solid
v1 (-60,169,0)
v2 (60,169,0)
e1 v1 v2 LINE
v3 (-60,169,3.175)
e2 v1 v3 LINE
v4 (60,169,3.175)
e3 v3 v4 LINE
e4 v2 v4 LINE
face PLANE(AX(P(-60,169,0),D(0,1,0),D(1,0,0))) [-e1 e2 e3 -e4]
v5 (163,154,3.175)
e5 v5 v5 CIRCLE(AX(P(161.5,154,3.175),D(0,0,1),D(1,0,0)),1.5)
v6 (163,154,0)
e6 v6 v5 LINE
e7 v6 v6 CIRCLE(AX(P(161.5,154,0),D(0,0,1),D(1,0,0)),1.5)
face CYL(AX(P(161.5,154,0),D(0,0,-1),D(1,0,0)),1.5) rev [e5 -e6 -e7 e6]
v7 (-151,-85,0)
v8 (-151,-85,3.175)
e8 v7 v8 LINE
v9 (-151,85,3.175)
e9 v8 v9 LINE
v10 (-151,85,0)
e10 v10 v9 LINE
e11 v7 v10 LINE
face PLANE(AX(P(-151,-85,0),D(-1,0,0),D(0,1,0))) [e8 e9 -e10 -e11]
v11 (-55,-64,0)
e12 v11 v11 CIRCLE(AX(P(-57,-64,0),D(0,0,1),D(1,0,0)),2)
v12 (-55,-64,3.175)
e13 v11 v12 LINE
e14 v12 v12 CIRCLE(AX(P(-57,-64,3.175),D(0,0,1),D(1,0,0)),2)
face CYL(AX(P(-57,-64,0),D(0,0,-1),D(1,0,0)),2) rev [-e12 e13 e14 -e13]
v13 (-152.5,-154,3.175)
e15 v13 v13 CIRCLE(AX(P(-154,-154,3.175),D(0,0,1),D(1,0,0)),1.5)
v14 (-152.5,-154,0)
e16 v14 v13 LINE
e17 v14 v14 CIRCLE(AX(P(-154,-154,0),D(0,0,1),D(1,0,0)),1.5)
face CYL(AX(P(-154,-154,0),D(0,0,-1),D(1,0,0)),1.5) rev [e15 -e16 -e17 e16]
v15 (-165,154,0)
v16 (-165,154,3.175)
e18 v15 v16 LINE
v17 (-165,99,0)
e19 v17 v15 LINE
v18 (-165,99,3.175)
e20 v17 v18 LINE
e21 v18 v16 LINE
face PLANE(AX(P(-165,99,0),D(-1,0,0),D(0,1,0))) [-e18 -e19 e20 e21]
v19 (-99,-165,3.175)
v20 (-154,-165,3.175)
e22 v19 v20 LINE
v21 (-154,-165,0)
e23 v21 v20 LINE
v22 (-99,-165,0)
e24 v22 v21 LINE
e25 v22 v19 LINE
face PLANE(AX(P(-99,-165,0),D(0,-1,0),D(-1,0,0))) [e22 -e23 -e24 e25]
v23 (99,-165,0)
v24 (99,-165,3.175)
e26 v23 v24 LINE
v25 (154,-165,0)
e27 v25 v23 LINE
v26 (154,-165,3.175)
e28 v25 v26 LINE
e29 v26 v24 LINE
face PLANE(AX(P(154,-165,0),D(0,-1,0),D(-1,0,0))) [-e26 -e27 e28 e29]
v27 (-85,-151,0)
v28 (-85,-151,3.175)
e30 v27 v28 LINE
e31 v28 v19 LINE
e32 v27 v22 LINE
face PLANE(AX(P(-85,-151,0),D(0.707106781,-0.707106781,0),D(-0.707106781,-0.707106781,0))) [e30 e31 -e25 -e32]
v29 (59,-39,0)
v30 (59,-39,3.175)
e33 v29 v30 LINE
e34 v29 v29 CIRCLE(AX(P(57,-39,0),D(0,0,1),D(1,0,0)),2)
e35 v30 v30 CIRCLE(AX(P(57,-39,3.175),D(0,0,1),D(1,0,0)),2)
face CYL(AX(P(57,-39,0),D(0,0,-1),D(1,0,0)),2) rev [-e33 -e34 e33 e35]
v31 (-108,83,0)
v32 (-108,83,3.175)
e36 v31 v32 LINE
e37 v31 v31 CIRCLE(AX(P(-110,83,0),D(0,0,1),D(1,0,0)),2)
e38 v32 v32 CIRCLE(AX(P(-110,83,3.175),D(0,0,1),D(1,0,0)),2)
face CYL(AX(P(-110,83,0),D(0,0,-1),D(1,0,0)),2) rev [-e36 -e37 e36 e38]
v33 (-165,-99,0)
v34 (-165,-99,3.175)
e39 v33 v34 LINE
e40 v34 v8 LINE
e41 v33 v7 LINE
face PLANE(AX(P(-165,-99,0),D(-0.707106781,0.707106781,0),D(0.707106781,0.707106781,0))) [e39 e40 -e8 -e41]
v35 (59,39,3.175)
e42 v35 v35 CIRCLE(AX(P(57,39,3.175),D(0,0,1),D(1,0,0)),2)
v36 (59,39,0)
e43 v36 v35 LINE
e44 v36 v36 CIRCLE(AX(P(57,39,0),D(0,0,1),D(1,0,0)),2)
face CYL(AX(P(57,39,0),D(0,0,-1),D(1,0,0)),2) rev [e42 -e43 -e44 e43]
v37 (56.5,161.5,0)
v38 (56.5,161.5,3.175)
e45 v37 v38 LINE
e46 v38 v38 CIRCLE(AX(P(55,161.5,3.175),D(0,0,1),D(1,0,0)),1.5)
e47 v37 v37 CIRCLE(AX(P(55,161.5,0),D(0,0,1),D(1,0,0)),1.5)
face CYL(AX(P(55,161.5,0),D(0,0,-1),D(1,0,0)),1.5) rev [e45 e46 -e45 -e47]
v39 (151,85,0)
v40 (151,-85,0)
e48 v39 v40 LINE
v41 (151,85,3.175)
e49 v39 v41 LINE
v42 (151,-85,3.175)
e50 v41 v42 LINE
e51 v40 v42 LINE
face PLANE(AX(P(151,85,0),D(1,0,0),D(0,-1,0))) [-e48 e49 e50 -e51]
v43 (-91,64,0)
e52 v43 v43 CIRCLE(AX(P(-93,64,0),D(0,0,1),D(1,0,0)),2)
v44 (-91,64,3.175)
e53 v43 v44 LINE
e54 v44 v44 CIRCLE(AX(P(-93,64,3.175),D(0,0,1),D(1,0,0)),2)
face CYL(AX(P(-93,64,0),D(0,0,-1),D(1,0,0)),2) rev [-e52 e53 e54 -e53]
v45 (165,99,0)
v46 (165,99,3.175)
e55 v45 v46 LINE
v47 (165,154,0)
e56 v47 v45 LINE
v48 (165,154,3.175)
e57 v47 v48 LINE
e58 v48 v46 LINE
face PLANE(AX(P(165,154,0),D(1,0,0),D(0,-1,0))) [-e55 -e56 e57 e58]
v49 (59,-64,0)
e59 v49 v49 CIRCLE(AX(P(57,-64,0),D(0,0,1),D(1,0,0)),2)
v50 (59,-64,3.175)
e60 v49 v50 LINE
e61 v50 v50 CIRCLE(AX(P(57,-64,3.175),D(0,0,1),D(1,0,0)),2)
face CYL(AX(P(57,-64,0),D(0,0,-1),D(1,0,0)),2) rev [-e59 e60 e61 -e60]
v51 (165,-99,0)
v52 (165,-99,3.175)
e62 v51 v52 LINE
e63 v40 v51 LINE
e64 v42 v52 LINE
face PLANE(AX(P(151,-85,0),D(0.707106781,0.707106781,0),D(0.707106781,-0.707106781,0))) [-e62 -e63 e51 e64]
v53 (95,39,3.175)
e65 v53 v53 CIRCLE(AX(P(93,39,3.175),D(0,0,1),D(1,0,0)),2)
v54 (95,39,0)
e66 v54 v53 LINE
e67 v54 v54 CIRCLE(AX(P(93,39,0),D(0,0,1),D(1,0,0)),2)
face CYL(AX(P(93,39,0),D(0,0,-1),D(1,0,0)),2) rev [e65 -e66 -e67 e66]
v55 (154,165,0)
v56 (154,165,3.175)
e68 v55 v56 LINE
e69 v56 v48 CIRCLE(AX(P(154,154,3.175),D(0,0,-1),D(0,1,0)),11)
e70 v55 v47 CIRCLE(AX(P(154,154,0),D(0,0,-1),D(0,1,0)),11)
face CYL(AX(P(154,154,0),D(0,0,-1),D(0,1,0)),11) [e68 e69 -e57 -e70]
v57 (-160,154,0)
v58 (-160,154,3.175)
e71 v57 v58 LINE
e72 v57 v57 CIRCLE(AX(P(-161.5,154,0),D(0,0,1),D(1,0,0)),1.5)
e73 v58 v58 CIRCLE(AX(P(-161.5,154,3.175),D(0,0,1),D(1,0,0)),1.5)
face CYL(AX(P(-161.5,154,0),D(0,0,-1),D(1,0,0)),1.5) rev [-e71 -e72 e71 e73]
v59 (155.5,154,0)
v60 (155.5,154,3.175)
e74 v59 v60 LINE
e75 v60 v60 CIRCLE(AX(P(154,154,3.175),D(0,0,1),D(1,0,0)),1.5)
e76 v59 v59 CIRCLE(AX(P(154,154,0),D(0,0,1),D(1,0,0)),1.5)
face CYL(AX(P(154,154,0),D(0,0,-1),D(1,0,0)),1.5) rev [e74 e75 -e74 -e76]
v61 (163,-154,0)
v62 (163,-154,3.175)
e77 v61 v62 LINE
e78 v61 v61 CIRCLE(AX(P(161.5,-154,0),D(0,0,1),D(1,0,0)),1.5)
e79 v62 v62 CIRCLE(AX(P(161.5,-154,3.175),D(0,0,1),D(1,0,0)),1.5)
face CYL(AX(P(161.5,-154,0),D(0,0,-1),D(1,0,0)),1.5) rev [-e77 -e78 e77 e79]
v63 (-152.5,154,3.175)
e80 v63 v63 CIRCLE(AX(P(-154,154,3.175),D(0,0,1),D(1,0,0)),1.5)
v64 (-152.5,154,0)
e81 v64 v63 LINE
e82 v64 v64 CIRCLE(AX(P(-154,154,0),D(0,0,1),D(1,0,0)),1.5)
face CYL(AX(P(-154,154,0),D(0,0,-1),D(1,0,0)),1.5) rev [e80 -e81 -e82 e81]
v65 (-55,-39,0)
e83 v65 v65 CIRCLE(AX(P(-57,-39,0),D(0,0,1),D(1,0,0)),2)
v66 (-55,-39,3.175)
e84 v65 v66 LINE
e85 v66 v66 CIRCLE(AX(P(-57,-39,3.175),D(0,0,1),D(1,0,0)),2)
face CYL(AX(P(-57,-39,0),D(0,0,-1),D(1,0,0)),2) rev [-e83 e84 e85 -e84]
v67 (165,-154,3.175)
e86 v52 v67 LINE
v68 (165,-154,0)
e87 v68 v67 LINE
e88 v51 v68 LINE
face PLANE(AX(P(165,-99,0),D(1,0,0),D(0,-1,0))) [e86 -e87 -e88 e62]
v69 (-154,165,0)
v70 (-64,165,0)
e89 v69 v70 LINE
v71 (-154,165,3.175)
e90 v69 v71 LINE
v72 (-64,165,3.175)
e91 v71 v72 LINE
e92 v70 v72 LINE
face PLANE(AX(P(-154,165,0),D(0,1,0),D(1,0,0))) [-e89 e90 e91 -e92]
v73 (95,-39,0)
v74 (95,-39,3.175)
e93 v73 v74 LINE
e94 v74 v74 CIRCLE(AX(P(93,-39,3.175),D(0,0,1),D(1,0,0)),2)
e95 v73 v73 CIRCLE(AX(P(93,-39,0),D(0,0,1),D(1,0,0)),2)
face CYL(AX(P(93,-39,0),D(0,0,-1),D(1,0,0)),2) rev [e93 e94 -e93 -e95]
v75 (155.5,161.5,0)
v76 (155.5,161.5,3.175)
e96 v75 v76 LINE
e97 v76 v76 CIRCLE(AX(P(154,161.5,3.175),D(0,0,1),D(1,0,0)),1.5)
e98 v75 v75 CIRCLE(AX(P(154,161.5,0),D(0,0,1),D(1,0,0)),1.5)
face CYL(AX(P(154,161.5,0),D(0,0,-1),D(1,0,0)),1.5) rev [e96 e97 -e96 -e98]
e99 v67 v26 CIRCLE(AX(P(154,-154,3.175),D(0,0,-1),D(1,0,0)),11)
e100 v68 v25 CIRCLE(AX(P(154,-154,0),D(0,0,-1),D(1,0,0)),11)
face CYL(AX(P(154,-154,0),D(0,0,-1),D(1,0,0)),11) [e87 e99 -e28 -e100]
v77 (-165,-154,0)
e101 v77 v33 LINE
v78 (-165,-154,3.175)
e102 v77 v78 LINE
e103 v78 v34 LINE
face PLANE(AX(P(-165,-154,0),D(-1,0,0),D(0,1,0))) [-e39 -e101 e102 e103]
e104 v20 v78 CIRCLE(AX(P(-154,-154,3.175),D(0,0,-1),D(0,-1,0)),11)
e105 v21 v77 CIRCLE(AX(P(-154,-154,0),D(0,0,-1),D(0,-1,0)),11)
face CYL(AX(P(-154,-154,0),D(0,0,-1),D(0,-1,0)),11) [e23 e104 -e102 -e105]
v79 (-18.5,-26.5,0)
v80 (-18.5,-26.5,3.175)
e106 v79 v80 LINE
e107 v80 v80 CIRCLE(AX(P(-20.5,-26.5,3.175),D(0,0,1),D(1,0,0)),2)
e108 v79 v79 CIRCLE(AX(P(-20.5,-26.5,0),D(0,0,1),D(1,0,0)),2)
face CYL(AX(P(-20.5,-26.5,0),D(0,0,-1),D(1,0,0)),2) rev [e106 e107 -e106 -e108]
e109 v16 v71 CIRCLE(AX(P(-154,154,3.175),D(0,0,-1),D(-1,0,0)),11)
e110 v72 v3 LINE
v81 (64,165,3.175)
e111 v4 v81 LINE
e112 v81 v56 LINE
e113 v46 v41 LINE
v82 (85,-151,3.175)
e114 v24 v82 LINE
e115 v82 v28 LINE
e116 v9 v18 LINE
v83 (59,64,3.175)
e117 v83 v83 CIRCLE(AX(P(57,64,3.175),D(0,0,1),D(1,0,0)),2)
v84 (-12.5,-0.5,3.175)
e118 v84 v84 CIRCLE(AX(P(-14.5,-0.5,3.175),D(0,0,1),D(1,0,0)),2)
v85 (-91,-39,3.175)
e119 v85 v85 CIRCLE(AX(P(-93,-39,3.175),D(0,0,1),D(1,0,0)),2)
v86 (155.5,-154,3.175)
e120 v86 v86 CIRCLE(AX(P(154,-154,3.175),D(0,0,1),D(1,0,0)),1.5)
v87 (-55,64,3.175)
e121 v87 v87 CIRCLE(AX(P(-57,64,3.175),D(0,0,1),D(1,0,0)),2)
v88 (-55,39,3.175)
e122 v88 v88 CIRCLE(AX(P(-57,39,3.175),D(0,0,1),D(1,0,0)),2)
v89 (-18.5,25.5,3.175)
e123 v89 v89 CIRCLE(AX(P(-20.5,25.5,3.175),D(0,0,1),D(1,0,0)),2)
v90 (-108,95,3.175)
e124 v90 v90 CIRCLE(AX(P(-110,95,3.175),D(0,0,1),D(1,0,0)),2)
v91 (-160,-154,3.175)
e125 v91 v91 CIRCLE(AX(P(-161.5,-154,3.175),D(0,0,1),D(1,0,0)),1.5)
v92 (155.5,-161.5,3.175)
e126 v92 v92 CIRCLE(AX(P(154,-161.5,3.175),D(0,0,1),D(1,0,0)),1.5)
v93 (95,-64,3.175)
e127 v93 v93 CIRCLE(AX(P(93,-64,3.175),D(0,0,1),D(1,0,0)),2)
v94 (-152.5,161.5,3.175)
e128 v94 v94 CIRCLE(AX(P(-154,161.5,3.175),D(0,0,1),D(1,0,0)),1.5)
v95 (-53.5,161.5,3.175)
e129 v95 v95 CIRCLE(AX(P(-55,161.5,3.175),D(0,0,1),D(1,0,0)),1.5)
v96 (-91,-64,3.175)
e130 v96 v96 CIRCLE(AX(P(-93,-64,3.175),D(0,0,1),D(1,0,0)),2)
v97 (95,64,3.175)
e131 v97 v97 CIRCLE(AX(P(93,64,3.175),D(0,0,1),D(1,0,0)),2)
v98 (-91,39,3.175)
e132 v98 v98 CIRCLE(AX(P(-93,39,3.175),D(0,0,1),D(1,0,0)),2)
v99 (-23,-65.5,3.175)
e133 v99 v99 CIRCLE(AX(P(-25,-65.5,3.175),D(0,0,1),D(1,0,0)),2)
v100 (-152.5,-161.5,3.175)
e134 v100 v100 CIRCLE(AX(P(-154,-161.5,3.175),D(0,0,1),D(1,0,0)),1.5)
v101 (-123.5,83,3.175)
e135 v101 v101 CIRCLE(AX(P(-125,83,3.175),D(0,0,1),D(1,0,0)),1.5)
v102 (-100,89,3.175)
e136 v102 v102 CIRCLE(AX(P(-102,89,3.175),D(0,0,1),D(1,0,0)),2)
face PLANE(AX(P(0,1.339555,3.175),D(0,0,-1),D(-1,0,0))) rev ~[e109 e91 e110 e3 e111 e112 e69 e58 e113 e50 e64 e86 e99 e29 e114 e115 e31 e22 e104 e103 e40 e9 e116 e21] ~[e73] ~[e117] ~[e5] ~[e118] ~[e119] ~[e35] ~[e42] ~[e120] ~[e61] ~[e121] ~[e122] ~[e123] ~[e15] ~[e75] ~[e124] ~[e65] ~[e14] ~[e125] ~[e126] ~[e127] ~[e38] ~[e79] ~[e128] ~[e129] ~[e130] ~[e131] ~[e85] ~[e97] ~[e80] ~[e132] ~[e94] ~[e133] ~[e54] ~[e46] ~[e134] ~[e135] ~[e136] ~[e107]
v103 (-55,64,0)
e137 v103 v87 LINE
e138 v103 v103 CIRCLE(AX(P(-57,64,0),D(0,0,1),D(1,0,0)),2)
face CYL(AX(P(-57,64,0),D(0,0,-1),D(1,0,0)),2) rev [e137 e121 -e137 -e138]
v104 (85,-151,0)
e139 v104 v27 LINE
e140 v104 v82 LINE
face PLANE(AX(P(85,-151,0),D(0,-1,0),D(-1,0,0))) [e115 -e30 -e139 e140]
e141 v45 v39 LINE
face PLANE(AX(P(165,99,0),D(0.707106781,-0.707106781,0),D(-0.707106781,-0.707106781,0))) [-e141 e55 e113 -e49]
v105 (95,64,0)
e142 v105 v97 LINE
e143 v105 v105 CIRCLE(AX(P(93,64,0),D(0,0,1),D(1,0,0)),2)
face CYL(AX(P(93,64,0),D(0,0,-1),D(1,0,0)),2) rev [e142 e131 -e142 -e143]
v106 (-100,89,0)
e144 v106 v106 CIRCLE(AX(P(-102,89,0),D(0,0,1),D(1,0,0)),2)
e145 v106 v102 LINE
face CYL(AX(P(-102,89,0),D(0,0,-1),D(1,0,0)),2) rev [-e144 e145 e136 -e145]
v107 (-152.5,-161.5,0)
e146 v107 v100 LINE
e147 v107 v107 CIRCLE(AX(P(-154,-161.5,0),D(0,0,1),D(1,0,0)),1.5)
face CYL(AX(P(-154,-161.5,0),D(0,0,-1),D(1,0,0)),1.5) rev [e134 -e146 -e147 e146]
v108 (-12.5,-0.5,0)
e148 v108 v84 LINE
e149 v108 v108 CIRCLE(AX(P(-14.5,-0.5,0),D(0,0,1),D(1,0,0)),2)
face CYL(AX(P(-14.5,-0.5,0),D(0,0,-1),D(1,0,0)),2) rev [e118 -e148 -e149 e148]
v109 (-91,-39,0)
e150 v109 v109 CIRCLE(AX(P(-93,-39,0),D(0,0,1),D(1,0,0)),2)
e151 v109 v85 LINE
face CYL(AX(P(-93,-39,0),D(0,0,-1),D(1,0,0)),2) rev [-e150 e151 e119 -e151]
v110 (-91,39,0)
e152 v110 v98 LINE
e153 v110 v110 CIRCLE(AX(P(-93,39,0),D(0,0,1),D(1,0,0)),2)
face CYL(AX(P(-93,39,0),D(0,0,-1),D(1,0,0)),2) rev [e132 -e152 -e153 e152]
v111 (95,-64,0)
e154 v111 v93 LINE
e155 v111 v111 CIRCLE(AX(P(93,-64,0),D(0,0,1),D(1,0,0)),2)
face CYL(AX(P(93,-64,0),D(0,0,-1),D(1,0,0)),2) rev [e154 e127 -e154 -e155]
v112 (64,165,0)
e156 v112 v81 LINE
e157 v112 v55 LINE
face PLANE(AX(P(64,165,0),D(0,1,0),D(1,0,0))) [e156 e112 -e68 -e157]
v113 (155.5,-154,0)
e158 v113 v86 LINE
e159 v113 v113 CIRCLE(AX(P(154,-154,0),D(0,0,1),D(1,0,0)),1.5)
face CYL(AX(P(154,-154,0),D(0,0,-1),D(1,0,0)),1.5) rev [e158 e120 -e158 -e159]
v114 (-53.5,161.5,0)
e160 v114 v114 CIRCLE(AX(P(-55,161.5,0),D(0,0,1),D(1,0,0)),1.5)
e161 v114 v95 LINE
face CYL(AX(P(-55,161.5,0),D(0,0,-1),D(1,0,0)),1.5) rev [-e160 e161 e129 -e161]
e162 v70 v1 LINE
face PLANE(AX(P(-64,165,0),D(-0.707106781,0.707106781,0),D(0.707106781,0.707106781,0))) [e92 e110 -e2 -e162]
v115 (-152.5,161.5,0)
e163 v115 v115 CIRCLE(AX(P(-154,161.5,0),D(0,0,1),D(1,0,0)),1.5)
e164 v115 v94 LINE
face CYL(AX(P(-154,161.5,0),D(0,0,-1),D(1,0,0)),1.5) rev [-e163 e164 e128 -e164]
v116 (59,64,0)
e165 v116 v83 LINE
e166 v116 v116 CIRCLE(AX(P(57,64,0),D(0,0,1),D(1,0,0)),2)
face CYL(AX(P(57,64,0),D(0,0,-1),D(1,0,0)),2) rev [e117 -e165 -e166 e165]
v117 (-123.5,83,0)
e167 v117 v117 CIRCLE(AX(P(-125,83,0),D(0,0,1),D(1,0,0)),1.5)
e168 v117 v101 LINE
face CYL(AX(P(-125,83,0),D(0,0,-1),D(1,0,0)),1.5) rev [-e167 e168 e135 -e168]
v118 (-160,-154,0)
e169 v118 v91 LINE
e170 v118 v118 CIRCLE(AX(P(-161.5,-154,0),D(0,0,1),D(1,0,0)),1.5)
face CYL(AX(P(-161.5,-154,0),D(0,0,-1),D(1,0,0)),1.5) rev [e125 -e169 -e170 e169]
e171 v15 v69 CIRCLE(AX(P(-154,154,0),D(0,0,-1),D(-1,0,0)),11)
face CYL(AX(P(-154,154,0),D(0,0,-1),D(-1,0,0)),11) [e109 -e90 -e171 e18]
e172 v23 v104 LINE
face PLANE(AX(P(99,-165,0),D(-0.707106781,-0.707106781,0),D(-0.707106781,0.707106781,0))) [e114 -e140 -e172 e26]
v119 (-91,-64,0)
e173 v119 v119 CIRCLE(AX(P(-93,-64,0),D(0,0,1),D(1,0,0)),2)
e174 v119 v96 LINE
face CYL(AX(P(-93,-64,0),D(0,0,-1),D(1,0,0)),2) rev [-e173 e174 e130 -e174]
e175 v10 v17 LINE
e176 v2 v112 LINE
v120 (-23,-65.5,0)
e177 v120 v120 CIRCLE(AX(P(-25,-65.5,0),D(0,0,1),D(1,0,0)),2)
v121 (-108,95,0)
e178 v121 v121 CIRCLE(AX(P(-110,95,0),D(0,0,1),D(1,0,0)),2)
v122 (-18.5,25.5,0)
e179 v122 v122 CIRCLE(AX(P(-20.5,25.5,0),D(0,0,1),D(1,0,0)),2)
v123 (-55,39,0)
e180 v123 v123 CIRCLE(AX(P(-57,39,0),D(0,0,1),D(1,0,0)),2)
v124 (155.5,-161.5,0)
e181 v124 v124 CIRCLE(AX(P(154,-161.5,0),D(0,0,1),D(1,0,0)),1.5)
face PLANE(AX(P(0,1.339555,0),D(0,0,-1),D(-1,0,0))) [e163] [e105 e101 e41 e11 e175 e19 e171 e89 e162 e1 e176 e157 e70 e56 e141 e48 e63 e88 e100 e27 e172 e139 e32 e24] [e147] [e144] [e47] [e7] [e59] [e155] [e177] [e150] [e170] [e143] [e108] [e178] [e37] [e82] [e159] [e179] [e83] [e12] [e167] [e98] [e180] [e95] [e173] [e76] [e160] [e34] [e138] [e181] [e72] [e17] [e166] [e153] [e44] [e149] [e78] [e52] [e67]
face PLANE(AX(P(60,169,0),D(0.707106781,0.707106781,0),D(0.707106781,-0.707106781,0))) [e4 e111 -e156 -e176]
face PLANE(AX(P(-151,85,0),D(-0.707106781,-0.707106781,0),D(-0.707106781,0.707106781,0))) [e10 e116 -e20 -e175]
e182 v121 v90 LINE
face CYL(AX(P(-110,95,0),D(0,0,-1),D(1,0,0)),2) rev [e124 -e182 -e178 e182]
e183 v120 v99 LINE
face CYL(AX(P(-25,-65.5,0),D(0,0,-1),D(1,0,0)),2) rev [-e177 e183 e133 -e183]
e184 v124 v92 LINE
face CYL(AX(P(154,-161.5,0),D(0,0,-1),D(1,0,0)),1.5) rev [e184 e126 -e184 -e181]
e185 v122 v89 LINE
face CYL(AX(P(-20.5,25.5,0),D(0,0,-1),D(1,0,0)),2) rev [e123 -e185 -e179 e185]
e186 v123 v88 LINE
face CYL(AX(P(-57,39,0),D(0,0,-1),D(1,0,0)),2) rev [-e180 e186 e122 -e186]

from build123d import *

# Parameters (mm, degrees)
SKETCH1_R           = 2
SKETCH1_R_2         = 1.5
BOSS_EXTRUDE1_DEPTH = 3.175


with BuildPart() as part:
    # Sketch1 → Boss-Extrude1 (new body)
    with BuildSketch(Plane.XY):
        with BuildLine():
            Line((165, 154), (165, 99))
            Line((165, 99), (151, 85))
            Line((151, 85), (151, -85))
            Line((151, -85), (165, -99))
            Line((165, -99), (165, -154))
            ThreePointArc((165, -154), (161.778174593, -161.778174593), (154, -165))
            Line((154, -165), (99, -165))
            Line((99, -165), (85, -151))
            Line((85, -151), (-85, -151))
            Line((-85, -151), (-99, -165))
            Line((-99, -165), (-154, -165))
            ThreePointArc((-154, -165), (-161.778174593, -161.778174593), (-165, -154))
            Line((-165, -154), (-165, -99))
            Line((-165, -99), (-151, -85))
            Line((-151, -85), (-151, 85))
            Line((-151, 85), (-165, 99))
            Line((-165, 99), (-165, 154))
            ThreePointArc((-165, 154), (-161.778174593, 161.778174593), (-154, 165))
            Line((-154, 165), (-64, 165))
            Line((-64, 165), (-60, 169))
            Line((-60, 169), (60, 169))
            Line((60, 169), (64, 165))
            Line((64, 165), (154, 165))
            ThreePointArc((154, 165), (161.778174593, 161.778174593), (165, 154))
        make_face()
        with Locations((-14.5, -0.5)):
            Circle(SKETCH1_R, mode=Mode.SUBTRACT)
        with Locations((-93, 64)):
            Circle(SKETCH1_R, mode=Mode.SUBTRACT)
        with Locations((-93, 39)):
            Circle(SKETCH1_R, mode=Mode.SUBTRACT)
        with Locations((-57, 39)):
            Circle(SKETCH1_R, mode=Mode.SUBTRACT)
        with Locations((-57, 64)):
            Circle(SKETCH1_R, mode=Mode.SUBTRACT)
        with Locations((57, 39)):
            Circle(SKETCH1_R, mode=Mode.SUBTRACT)
        with Locations((57, 64)):
            Circle(SKETCH1_R, mode=Mode.SUBTRACT)
        with Locations((93, 39)):
            Circle(SKETCH1_R, mode=Mode.SUBTRACT)
        with Locations((93, 64)):
            Circle(SKETCH1_R, mode=Mode.SUBTRACT)
        with Locations((57, -64)):
            Circle(SKETCH1_R, mode=Mode.SUBTRACT)
        with Locations((57, -39)):
            Circle(SKETCH1_R, mode=Mode.SUBTRACT)
        with Locations((93, -39)):
            Circle(SKETCH1_R, mode=Mode.SUBTRACT)
        with Locations((93, -64)):
            Circle(SKETCH1_R, mode=Mode.SUBTRACT)
        with Locations((-93, -64)):
            Circle(SKETCH1_R, mode=Mode.SUBTRACT)
        with Locations((-57, -64)):
            Circle(SKETCH1_R, mode=Mode.SUBTRACT)
        with Locations((-57, -39)):
            Circle(SKETCH1_R, mode=Mode.SUBTRACT)
        with Locations((-93, -39)):
            Circle(SKETCH1_R, mode=Mode.SUBTRACT)
        with Locations((-20.5, -26.5)):
            Circle(SKETCH1_R, mode=Mode.SUBTRACT)
        with Locations((-161.5, 154)):
            Circle(SKETCH1_R_2, mode=Mode.SUBTRACT)
        with Locations((-154, 161.5)):
            Circle(SKETCH1_R_2, mode=Mode.SUBTRACT)
        with Locations((154, 161.5)):
            Circle(SKETCH1_R_2, mode=Mode.SUBTRACT)
        with Locations((161.5, 154)):
            Circle(SKETCH1_R_2, mode=Mode.SUBTRACT)
        with Locations((161.5, -154)):
            Circle(SKETCH1_R_2, mode=Mode.SUBTRACT)
        with Locations((-20.5, 25.5)):
            Circle(SKETCH1_R, mode=Mode.SUBTRACT)
        with Locations((-25, -65.5)):
            Circle(SKETCH1_R, mode=Mode.SUBTRACT)
        with Locations((154, -161.5)):
            Circle(SKETCH1_R_2, mode=Mode.SUBTRACT)
        with Locations((-161.5, -154)):
            Circle(SKETCH1_R_2, mode=Mode.SUBTRACT)
        with Locations((-154, -161.5)):
            Circle(SKETCH1_R_2, mode=Mode.SUBTRACT)
        with Locations((-110, 95)):
            Circle(SKETCH1_R, mode=Mode.SUBTRACT)
        with Locations((-110, 83)):
            Circle(SKETCH1_R, mode=Mode.SUBTRACT)
        with Locations((-102, 89)):
            Circle(SKETCH1_R, mode=Mode.SUBTRACT)
        with Locations((-125, 83)):
            Circle(SKETCH1_R_2, mode=Mode.SUBTRACT)
        with Locations((-154, 154)):
            Circle(SKETCH1_R_2, mode=Mode.SUBTRACT)
        with Locations((154, 154)):
            Circle(SKETCH1_R_2, mode=Mode.SUBTRACT)
        with Locations((154, -154)):
            Circle(SKETCH1_R_2, mode=Mode.SUBTRACT)
        with Locations((-154, -154)):
            Circle(SKETCH1_R_2, mode=Mode.SUBTRACT)
        with Locations((-55, 161.5)):
            Circle(SKETCH1_R_2, mode=Mode.SUBTRACT)
        with Locations((55, 161.5)):
            Circle(SKETCH1_R_2, mode=Mode.SUBTRACT)
    extrude(amount=BOSS_EXTRUDE1_DEPTH)


solid = part.part
